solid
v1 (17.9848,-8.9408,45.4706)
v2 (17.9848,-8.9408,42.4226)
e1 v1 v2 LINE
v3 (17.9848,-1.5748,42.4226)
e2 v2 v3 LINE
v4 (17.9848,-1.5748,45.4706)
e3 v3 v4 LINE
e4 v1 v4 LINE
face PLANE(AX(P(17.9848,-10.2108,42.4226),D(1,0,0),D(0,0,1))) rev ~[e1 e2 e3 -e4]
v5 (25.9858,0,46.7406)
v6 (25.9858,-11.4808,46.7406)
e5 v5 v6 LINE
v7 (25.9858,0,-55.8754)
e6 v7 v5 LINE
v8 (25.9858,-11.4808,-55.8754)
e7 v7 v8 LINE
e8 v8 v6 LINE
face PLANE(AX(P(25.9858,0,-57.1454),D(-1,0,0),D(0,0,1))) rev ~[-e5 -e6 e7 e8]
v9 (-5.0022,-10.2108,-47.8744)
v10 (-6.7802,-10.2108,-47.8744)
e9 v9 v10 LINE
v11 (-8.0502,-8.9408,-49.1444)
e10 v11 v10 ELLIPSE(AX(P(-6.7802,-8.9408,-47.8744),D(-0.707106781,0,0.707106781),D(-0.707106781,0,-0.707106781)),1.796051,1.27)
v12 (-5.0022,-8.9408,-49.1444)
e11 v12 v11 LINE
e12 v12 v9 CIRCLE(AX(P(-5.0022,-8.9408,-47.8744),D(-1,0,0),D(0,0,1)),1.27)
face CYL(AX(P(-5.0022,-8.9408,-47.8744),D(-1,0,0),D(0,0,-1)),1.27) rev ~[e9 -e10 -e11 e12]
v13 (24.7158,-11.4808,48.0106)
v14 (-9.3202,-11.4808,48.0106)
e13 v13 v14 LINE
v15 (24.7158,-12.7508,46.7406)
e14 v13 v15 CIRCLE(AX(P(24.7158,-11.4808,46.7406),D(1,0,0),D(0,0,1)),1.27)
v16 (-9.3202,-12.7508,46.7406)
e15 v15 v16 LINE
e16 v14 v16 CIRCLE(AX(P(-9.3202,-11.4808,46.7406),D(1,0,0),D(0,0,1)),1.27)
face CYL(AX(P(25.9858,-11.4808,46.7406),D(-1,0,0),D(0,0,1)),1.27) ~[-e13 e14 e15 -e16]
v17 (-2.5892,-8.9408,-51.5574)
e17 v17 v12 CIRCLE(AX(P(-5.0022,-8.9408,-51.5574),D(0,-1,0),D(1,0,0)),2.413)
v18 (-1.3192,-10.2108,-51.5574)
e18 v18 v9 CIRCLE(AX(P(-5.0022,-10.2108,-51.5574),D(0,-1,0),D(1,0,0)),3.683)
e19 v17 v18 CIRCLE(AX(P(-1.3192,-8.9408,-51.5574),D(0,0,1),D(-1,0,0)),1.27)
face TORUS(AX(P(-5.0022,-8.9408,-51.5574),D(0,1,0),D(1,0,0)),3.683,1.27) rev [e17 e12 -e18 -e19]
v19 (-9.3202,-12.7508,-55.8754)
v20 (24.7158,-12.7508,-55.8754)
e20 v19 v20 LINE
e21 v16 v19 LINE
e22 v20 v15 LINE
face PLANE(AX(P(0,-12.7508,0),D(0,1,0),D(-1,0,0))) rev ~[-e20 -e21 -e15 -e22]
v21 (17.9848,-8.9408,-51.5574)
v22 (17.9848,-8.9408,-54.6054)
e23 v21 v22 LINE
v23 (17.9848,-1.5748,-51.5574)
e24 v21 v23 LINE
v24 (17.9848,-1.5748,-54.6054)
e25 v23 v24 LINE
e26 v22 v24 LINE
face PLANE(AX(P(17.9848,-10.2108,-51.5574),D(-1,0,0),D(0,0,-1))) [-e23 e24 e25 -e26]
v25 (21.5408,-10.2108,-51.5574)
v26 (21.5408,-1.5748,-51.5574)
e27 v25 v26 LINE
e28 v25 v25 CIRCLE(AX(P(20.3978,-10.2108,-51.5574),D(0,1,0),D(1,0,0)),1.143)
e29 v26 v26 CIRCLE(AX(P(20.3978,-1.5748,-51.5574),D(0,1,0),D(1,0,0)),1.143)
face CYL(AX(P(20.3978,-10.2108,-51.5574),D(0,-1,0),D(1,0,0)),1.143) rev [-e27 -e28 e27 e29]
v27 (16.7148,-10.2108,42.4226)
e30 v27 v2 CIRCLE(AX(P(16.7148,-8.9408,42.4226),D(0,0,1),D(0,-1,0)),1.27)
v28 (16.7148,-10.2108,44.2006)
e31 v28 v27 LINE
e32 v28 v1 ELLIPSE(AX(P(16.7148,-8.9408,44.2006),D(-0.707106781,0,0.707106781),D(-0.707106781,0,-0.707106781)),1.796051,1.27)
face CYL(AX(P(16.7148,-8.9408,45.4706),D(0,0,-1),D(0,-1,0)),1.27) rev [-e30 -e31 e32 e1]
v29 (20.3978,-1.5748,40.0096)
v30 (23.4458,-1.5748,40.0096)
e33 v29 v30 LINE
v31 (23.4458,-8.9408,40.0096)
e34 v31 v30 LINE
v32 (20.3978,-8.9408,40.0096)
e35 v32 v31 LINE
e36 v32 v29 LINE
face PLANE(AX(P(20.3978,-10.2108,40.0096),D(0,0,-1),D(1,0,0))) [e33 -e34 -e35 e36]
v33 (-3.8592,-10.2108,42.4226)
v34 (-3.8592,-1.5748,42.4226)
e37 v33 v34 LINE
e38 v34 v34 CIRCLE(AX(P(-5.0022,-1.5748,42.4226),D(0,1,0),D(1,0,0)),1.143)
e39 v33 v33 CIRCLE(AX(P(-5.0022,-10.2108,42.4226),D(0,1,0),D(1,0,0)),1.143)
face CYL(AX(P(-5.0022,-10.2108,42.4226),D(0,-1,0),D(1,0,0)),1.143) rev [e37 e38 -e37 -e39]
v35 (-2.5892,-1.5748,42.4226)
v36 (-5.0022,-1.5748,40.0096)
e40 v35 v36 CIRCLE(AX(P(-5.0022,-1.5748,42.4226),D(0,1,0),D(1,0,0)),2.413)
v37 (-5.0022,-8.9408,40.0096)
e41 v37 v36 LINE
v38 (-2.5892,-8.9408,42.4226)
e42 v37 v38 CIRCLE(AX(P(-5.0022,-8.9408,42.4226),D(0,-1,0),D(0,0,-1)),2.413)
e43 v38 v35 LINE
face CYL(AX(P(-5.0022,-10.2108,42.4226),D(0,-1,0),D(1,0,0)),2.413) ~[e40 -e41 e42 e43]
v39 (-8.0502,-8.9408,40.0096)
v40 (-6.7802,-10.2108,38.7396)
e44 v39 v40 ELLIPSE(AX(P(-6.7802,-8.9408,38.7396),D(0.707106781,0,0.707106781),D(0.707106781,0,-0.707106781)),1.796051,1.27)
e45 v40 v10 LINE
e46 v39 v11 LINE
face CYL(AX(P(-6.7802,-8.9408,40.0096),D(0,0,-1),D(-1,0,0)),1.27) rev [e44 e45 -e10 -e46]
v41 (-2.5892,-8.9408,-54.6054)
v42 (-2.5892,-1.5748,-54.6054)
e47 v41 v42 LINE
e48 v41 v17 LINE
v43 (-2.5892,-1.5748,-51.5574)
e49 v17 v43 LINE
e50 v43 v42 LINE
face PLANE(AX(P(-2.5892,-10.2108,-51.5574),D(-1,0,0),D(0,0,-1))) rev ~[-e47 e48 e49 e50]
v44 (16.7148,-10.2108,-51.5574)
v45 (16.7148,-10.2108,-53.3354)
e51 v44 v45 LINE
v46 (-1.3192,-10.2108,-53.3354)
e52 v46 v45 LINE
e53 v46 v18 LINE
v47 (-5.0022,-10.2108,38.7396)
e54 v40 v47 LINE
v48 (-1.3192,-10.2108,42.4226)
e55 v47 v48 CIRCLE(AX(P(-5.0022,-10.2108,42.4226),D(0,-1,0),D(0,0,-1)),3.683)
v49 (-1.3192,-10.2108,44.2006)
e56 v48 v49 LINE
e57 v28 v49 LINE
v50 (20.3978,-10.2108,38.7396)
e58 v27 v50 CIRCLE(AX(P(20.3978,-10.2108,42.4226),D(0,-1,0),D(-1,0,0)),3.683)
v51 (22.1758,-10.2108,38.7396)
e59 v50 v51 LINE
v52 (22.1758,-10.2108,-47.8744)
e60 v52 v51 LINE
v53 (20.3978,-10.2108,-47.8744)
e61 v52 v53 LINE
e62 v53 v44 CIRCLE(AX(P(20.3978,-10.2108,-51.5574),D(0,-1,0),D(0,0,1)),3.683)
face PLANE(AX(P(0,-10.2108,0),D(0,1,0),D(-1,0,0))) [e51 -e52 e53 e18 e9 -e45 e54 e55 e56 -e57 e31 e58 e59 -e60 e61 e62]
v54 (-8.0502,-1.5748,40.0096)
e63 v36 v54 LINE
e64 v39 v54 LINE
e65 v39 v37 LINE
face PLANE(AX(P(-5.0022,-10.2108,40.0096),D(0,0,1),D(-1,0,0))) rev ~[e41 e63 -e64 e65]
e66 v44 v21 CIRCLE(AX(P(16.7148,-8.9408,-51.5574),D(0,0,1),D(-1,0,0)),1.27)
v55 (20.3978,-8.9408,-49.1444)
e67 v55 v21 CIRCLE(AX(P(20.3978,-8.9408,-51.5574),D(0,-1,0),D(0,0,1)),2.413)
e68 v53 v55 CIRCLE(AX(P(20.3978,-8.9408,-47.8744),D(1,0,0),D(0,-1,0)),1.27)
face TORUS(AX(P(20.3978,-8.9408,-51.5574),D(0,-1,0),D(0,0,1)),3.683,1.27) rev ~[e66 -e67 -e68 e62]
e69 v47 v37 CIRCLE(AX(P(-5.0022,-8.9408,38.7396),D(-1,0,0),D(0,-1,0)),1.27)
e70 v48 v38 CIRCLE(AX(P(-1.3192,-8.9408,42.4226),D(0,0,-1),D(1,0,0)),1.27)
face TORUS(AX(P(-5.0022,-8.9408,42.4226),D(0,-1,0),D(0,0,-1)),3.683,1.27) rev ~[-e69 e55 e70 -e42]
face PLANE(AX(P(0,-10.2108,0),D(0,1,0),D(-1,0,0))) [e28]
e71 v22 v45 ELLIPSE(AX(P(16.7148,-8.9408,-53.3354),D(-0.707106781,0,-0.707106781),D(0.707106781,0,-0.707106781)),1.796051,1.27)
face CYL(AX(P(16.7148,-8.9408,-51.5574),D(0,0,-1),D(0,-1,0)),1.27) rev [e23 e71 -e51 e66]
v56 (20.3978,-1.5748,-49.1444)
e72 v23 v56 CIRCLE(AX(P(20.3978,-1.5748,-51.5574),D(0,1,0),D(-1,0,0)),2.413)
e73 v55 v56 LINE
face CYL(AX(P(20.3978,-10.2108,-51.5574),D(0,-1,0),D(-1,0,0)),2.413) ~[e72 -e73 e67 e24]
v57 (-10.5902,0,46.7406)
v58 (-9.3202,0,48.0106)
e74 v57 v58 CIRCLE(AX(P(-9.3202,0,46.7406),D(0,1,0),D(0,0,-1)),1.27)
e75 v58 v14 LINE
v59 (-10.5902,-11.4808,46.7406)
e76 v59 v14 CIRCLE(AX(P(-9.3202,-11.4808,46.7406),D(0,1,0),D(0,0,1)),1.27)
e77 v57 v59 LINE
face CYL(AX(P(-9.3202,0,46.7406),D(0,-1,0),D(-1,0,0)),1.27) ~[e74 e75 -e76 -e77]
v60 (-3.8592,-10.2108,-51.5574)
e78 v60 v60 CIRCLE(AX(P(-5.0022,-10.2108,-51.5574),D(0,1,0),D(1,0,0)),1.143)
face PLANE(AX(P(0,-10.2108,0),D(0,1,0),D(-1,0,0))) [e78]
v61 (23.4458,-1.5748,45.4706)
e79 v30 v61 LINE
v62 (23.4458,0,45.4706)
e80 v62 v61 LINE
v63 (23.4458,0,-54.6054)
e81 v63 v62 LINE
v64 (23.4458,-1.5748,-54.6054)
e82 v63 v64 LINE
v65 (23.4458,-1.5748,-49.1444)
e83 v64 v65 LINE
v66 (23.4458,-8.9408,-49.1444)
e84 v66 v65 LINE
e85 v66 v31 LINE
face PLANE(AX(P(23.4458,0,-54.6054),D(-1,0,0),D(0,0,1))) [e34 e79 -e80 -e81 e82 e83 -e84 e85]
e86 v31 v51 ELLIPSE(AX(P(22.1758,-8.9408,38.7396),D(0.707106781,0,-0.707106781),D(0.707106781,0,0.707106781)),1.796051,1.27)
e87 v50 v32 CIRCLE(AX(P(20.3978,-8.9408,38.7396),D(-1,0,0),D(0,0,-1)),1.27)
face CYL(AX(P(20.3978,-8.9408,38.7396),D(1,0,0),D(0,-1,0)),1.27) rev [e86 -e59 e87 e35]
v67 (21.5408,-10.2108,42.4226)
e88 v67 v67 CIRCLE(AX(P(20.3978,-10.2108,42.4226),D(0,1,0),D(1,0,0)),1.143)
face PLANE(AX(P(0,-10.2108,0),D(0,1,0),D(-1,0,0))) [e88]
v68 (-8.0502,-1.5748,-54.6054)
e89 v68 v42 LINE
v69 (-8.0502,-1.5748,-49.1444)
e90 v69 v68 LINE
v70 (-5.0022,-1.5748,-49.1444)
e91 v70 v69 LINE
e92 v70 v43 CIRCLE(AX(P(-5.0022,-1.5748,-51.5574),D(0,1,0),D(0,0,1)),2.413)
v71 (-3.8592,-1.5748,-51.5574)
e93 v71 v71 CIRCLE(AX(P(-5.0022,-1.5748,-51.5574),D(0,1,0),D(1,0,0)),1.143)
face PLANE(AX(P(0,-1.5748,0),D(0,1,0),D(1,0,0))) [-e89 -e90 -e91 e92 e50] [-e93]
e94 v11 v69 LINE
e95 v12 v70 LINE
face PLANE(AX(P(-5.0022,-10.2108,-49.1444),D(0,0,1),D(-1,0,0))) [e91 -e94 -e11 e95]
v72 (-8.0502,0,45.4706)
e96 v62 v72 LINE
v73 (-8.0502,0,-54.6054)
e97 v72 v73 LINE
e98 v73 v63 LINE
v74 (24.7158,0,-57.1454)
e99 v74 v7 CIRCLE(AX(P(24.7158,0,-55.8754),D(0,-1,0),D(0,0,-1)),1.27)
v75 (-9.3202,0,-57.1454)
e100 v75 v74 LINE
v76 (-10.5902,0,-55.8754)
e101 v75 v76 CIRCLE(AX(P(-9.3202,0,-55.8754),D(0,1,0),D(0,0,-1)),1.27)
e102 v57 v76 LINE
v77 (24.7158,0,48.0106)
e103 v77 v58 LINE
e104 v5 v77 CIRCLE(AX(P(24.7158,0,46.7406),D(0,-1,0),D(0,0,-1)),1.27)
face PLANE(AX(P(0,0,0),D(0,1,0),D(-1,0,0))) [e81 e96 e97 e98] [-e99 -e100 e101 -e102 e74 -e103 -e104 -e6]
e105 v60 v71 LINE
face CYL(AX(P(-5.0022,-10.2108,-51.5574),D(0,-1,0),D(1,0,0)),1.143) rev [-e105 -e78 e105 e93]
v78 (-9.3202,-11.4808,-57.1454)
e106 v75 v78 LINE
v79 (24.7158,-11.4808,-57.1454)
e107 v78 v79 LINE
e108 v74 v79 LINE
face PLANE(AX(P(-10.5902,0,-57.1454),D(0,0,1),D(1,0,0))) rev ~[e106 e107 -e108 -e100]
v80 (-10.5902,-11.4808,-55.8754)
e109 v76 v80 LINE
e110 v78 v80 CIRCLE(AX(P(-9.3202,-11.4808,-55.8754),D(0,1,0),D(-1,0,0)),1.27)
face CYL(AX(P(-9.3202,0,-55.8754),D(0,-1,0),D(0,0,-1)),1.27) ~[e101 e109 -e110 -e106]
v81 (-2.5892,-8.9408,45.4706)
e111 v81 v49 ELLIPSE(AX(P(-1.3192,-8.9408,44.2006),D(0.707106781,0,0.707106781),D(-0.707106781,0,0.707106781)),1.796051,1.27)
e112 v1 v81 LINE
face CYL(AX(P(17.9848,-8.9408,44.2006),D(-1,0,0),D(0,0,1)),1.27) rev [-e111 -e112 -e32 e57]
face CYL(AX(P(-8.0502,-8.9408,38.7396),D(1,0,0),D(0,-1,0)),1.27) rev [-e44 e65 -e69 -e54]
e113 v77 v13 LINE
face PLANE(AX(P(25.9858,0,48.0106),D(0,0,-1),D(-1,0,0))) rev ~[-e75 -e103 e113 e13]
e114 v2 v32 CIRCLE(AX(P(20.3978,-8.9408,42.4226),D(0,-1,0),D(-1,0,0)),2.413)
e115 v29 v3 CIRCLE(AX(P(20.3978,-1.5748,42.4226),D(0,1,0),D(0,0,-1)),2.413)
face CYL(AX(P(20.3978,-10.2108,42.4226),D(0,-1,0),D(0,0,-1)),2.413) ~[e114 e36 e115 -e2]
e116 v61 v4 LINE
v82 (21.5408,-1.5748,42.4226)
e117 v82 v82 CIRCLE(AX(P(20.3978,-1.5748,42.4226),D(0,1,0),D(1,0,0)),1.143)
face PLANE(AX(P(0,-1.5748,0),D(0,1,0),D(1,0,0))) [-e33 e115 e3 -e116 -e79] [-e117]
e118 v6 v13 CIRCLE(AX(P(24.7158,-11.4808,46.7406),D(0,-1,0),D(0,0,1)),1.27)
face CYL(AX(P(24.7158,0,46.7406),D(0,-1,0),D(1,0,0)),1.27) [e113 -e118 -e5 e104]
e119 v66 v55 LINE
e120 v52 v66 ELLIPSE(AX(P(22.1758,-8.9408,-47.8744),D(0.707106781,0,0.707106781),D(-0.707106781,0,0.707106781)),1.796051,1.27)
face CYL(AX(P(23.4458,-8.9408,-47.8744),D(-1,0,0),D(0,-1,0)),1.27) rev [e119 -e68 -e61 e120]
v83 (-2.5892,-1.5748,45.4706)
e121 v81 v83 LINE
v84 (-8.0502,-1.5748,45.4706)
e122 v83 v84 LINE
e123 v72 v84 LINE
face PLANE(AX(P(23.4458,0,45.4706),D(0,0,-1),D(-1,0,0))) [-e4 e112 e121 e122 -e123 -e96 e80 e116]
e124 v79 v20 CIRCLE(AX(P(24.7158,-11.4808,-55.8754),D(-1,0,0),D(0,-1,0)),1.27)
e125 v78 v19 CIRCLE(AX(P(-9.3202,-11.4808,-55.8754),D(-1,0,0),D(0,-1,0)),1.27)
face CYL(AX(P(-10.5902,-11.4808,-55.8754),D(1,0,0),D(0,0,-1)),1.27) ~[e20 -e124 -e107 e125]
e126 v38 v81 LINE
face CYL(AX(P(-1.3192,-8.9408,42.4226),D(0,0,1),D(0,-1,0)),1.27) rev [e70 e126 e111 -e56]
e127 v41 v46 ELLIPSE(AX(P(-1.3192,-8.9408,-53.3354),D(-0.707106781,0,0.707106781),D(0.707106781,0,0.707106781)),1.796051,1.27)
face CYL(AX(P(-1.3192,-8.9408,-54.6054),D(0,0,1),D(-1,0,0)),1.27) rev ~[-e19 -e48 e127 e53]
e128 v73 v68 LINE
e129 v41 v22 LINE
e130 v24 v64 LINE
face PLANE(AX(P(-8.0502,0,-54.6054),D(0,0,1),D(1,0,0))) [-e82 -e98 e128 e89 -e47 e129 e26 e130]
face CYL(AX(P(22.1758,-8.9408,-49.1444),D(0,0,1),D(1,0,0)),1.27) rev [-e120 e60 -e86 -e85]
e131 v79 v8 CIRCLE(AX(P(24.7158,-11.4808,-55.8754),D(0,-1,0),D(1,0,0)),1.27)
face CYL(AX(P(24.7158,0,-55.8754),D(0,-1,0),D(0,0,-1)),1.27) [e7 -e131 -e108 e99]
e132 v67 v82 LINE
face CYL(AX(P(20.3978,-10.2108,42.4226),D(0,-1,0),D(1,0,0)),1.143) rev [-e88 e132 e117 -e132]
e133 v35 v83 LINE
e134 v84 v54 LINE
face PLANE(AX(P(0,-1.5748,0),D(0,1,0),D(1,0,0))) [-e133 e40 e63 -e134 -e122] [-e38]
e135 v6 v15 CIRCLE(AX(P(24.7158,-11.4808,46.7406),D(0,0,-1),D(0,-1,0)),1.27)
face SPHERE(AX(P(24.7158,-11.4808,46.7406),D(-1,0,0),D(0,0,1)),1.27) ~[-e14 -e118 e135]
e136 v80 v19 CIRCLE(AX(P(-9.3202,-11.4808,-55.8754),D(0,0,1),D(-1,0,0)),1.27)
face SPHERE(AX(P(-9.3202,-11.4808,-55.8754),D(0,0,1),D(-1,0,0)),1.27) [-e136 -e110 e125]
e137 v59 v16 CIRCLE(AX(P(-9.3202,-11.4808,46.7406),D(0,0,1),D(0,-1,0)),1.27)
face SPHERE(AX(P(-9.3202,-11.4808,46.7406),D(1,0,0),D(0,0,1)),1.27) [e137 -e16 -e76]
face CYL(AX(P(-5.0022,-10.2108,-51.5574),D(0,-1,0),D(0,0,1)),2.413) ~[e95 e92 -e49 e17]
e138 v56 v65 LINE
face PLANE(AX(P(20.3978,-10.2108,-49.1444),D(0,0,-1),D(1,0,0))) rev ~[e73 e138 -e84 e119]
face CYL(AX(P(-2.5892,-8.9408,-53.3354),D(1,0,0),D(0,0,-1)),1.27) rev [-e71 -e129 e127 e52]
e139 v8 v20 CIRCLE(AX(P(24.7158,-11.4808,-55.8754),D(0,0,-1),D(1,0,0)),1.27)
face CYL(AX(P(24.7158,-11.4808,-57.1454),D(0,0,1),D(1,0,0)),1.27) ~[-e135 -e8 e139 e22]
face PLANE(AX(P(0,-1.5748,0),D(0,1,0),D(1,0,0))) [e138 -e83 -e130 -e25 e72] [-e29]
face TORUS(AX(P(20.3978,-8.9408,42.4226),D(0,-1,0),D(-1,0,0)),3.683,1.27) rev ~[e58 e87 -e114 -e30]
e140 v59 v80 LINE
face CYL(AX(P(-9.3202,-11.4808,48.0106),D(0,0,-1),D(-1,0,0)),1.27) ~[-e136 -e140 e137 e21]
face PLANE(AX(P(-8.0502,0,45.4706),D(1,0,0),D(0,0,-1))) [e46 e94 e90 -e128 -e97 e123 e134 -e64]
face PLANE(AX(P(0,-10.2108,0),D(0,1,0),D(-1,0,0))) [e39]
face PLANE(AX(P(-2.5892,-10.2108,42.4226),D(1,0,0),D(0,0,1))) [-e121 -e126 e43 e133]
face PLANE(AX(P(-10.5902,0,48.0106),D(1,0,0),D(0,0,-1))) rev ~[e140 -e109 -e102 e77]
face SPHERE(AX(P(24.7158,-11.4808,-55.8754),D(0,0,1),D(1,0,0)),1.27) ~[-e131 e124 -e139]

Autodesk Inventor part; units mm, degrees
ref_plane "YZ Plane" through (0, 0, 0) normal (1, 0, 0) x (0, 1, 0)
ref_plane "XZ Plane" through (0, 0, 0) normal (0, 1, 0) x (-1, 0, 0)
ref_plane "XY Plane" through (0, 0, 0) normal (0, 0, 1) x (1, 0, 0)
sketch "Sketch1" plane through (0, 0, 0) normal (0, 1, 0) x (-1, 0, 0)
  line L0 (8.0502, -54.6054) -> (-23.4458, -54.6054)
  line L1 (-23.4458, -54.6054) -> (-23.4458, 45.4706)
  line L2 (-23.4458, 45.4706) -> (8.0502, 45.4706)
  line L3 (8.0502, 45.4706) -> (8.0502, -54.6054)
  line L4 (10.5902, -57.1454) -> (-25.9858, -57.1454)
  line L5 (-25.9858, -57.1454) -> (-25.9858, 48.0106)
  line L6 (-25.9858, 48.0106) -> (10.5902, 48.0106)
  line L7 (10.5902, 48.0106) -> (10.5902, -57.1454)
  point P0 (0, 0)
  point P1 (-7.6978, -57.1454)
  dimension "d0" = 100.076
  dimension "d1" = 31.496
  dimension "d2" = 2.54
  dimension "d3" = 2.54
  dimension "d4" = 2.54
  dimension "d5" = 2.54
extrude "Extrusion1" add sketch "Sketch1" against normal blind 12.7508 contours L0 L1 L2 L3 | L4 L5 L6 L7
extrude "Extrusion2" cut sketch "Sketch1" against normal blind 10.2108 contours L0 L1 L2 L3
sketch "Sketch2" plane through (0, -10.2108, 0) normal (0, 1, 0) x (1, 0, 0)
  circle A0 centre (-5.0022, -42.4226) radius 1.143
  line L0 (-8.0502, -45.4706) -> (-8.0502, 54.6054) projected
  line L1 (23.4458, -45.4706) -> (-8.0502, -45.4706) projected
  arc A1 (-2.5892, -42.4226) -> (-5.0022, -40.0096) centre (-5.0022, -42.4226) ccw
  line L2 (-5.0022, -40.0096) -> (-8.0502, -40.0096)
  line L3 (-2.5892, -42.4226) -> (-2.5892, -45.4706)
  line L4 (23.4458, -45.4706) -> (-8.0502, -45.4706) projected
  line L5 (-8.0502, -45.4706) -> (-2.5892, -45.4706)
  line L6 (-8.0502, -40.0096) -> (-8.0502, -45.4706)
  line L7 (23.4458, 54.6054) -> (23.4458, -45.4706) projected
  line L8 (-8.0502, 54.6054) -> (23.4458, 54.6054) projected
  line L9 (-8.0502, 4.5674) -> (30.3732, 4.5674)
  line L10 (7.6978, -45.4706) -> (7.6978, 57.2864)
  circle A2 centre (20.3978, -42.4226) radius 1.143
  line L11 (23.4458, -45.4706) -> (23.4458, 54.6054)
  line L12 (-8.0502, -45.4706) -> (23.4458, -45.4706)
  arc A3 (20.3978, -40.0096) -> (17.9848, -42.4226) centre (20.3978, -42.4226) ccw
  line L13 (20.3978, -40.0096) -> (23.4458, -40.0096)
  line L14 (17.9848, -42.4226) -> (17.9848, -45.4706)
  line L15 (-8.0502, -45.4706) -> (23.4458, -45.4706)
  line L16 (23.4458, -40.0096) -> (23.4458, -45.4706)
  circle A4 centre (-5.0022, 51.5574) radius 1.143
  line L17 (23.4458, 54.6054) -> (-8.0502, 54.6054)
  arc A5 (-5.0022, 49.1444) -> (-2.5892, 51.5574) centre (-5.0022, 51.5574) ccw
  line L18 (-5.0022, 49.1444) -> (-8.0502, 49.1444)
  line L19 (-2.5892, 51.5574) -> (-2.5892, 54.6054)
  line L20 (23.4458, 54.6054) -> (-8.0502, 54.6054)
  line L21 (-8.0502, 54.6054) -> (-2.5892, 54.6054)
  line L22 (-8.0502, 49.1444) -> (-8.0502, 54.6054)
  circle A6 centre (20.3978, 51.5574) radius 1.143
  arc A7 (17.9848, 51.5574) -> (20.3978, 49.1444) centre (20.3978, 51.5574) ccw
  line L23 (17.9848, 51.5574) -> (17.9848, 54.6054)
  line L24 (-8.0502, 54.6054) -> (23.4458, 54.6054)
  line L25 (20.3978, 49.1444) -> (23.4458, 49.1444)
  line L26 (-8.0502, 54.6054) -> (23.4458, 54.6054)
  line L27 (23.4458, 49.1444) -> (23.4458, 54.6054)
  point P0 (0, 0)
  point P1 (7.6978, 54.6054)
  dimension "d10" = 2.286
  dimension "d11" = 3.048
  dimension "d12" = 3.048
  dimension "d13" = 4.826
extrude "Extrusion3" add sketch "Sketch2" along normal blind 8.636 contours L0 L2 A1 L3 L1 | L0 L8 L19 A5 L18 | L14 A3 L13 L7 L1 | L25 A7 L23 L8 L7
fillet "Fillet1" radius 1.27 8 edges at (7.6978, -12.7508, 48.0106) (25.9858, -6.3754, 48.0106) (25.9858, -12.7508, -4.5674) (25.9858, -6.3754, -57.1454) (-10.5902, -6.3754, 48.0106) (-10.5902, -12.7508, -4.5674) (-10.5902, -6.3754, -57.1454) (7.6978, -12.7508, -57.1454)
fillet "Fillet2" radius 1.27 16 edges at (-8.0502, -10.2108, -4.5674) (7.6978, -10.2108, -54.6054) (-6.5262, -10.2108, -49.1444) (-2.5892, -10.2108, -53.0814) (-3.296, -10.2108, -49.8511) (17.9848, -10.2108, -53.0814) (21.9218, -10.2108, -49.1444) (18.6915, -10.2108, -49.8511) (23.4458, -10.2108, -4.5674) (21.9218, -10.2108, 40.0096) (17.9848, -10.2108, 43.9466) (18.6915, -10.2108, 40.7164) (7.6978, -10.2108, 45.4706) (-2.5892, -10.2108, 43.9466) (-6.5262, -10.2108, 40.0096) (-3.296, -10.2108, 40.7164)
properties part number "CaseBottom"
